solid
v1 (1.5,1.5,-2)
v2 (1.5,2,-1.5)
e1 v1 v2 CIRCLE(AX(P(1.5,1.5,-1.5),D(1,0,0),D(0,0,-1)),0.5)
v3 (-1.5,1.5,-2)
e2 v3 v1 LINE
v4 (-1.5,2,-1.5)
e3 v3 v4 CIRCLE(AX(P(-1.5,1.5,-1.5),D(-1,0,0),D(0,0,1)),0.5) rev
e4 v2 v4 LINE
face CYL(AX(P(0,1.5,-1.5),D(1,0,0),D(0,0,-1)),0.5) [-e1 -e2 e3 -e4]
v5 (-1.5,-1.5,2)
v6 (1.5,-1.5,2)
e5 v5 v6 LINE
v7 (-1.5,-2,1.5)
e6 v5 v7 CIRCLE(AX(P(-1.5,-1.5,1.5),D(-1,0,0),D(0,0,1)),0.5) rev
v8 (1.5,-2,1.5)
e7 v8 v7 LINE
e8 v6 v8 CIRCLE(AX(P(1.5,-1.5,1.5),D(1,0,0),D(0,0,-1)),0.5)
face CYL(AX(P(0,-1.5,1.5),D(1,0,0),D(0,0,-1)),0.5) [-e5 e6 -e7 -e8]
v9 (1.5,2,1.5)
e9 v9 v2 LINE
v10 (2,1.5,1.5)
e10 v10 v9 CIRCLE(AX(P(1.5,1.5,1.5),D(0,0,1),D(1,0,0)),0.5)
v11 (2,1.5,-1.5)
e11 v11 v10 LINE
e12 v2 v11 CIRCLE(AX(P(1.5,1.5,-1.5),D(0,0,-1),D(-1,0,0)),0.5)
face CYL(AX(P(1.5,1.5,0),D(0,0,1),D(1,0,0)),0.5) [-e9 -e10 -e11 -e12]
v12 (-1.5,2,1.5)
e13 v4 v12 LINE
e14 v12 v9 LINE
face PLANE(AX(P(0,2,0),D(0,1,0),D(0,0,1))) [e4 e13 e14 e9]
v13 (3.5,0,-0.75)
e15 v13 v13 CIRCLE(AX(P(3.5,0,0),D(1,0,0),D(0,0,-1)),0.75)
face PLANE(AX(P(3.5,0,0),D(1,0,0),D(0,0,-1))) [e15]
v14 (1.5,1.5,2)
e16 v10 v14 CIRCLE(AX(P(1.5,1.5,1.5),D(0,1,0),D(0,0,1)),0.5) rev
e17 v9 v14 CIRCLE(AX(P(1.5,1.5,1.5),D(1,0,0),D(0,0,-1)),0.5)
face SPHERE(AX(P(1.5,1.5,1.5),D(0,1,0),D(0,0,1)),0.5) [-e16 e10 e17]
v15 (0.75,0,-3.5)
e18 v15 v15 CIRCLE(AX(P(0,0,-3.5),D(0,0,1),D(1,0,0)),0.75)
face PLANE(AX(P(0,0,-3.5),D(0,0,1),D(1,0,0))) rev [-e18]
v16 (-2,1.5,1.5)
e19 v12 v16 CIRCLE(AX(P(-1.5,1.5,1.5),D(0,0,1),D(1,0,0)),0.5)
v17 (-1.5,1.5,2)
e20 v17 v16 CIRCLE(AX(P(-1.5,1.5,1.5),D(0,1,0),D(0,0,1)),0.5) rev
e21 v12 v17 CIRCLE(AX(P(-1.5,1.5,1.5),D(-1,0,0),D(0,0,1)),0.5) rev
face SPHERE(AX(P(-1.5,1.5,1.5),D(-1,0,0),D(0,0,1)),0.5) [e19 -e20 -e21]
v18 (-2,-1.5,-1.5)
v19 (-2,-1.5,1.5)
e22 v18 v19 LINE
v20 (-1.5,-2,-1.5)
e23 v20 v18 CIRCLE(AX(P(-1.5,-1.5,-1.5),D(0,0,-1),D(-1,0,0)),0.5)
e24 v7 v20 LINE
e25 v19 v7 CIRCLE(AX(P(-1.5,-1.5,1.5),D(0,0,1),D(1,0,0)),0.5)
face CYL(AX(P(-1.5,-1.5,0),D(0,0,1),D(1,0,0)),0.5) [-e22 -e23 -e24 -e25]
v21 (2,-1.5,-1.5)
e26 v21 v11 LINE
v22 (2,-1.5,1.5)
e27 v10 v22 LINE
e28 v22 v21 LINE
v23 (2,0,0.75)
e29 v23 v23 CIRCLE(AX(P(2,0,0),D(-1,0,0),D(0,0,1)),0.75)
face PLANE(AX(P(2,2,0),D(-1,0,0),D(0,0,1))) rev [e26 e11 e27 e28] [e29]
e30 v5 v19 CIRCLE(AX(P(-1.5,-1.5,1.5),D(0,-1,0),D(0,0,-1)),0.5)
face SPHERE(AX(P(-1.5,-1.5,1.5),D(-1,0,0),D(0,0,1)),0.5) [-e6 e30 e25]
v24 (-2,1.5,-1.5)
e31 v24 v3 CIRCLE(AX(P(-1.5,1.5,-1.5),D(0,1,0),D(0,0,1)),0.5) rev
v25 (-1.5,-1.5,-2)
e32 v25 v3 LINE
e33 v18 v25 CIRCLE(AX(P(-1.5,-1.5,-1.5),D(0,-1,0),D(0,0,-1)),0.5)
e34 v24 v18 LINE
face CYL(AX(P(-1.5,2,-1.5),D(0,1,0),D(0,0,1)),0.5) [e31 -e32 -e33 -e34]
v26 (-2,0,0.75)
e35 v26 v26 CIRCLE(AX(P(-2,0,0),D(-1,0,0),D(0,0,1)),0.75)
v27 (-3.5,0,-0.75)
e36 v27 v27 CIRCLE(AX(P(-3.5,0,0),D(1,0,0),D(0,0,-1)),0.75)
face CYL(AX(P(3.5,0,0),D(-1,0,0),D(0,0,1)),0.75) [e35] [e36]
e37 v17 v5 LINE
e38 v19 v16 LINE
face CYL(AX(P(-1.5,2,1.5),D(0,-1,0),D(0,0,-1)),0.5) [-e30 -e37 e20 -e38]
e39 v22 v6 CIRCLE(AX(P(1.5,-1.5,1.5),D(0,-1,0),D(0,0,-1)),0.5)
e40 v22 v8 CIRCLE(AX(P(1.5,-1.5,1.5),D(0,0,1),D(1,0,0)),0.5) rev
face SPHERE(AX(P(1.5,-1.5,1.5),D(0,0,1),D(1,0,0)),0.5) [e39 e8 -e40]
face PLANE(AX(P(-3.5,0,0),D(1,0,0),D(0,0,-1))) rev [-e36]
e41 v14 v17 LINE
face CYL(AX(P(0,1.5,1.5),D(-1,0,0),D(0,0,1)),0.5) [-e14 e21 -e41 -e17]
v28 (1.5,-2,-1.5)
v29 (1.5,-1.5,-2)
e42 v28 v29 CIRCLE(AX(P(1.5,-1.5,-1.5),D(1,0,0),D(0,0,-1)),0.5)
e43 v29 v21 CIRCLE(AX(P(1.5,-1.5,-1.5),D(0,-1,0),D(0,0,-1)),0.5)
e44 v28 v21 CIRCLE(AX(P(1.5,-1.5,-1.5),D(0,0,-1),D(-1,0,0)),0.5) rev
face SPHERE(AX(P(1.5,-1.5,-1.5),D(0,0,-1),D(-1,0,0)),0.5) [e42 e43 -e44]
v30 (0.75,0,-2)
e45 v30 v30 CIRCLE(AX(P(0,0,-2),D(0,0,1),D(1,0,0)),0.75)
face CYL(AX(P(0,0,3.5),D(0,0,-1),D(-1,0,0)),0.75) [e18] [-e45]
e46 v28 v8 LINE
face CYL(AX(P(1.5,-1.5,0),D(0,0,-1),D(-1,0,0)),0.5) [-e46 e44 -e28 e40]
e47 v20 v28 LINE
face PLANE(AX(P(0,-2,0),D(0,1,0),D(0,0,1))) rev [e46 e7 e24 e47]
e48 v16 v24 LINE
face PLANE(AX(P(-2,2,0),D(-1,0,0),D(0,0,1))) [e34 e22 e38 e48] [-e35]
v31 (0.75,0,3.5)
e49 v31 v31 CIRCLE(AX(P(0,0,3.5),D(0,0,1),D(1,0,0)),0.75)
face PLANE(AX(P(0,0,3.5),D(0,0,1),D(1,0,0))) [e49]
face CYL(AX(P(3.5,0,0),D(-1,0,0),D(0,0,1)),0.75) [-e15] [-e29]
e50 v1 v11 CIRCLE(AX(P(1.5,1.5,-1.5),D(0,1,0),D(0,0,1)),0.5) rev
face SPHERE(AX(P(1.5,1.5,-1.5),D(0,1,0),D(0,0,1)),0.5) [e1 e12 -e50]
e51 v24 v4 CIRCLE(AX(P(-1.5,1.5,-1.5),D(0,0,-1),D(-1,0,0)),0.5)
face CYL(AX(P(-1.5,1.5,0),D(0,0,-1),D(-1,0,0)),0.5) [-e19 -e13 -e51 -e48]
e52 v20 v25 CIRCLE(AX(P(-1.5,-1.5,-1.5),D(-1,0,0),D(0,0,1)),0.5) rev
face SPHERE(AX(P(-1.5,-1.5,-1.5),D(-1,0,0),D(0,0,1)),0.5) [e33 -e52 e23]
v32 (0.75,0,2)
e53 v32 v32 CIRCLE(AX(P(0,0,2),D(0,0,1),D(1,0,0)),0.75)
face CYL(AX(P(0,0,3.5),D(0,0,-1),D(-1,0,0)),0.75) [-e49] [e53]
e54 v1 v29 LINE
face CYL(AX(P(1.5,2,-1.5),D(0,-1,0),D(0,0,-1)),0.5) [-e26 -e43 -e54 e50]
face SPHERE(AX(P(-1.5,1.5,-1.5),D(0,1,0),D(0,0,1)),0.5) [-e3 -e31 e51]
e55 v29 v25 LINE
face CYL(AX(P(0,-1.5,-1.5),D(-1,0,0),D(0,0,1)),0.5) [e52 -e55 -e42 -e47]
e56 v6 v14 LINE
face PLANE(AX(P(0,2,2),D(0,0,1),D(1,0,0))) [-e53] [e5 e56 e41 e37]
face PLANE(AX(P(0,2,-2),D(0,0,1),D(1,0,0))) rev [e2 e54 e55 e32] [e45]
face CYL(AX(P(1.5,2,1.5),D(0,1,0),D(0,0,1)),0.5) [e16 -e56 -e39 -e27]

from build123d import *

# Parameters (mm, degrees)
SKETCH1_R           = 0.75
BOSS_EXTRUDE1_DEPTH = 3.5
CIRPATTERN1_COUNT   = 4
SKETCH3_W           = 4
SKETCH3_H           = 4
SKETCH3_W_2         = 1.5
SKETCH3_H_2         = 1.5
BOSS_EXTRUDE2_DEPTH = 2
FILLET1_R           = 0.5


with BuildPart() as part:
    # Sketch1 → Boss-Extrude1 (new, symmetric)
    with BuildSketch(Plane.XY):
        Circle(SKETCH1_R)
    boss_extrude1 = extrude(amount=BOSS_EXTRUDE1_DEPTH, both=True)

    # CirPattern1: Boss-Extrude1 ×4 about axis
    cirpattern1_axis = Axis((0, -1.485, 0), (0, 1, 0))
    for i in range(1, CIRPATTERN1_COUNT):
        add(boss_extrude1.rotate(cirpattern1_axis, i * 360 / CIRPATTERN1_COUNT))

    # Sketch3 → Boss-Extrude2 (add, symmetric)
    with BuildSketch(Plane(origin=(0, 0, 0), x_dir=(1, 0, 0), z_dir=(0, 1, 0))):
        Rectangle(SKETCH3_W, SKETCH3_H)
        Rectangle(SKETCH3_W_2, SKETCH3_H_2, mode=Mode.SUBTRACT)
        Rectangle(SKETCH3_W_2, SKETCH3_H_2)
    extrude(amount=BOSS_EXTRUDE2_DEPTH, both=True)

    # Fillet1
    fillet1_edges = [part.edges().sort_by_distance(p)[0] for p in [
        (0, 2, 2),
        (-2, 0, 2),
        (2, -2, 0),
        (2, 0, 2),
        (0, -2, -2),
        (2, 0, -2),
        (-2, 2, 0),
        (-2, 0, -2),
        (2, 2, 0),
        (0, 2, -2),
        (0, -2, 2),
        (-2, -2, 0),
    ]]
    fillet(fillet1_edges, radius=FILLET1_R)


solid = part.part
